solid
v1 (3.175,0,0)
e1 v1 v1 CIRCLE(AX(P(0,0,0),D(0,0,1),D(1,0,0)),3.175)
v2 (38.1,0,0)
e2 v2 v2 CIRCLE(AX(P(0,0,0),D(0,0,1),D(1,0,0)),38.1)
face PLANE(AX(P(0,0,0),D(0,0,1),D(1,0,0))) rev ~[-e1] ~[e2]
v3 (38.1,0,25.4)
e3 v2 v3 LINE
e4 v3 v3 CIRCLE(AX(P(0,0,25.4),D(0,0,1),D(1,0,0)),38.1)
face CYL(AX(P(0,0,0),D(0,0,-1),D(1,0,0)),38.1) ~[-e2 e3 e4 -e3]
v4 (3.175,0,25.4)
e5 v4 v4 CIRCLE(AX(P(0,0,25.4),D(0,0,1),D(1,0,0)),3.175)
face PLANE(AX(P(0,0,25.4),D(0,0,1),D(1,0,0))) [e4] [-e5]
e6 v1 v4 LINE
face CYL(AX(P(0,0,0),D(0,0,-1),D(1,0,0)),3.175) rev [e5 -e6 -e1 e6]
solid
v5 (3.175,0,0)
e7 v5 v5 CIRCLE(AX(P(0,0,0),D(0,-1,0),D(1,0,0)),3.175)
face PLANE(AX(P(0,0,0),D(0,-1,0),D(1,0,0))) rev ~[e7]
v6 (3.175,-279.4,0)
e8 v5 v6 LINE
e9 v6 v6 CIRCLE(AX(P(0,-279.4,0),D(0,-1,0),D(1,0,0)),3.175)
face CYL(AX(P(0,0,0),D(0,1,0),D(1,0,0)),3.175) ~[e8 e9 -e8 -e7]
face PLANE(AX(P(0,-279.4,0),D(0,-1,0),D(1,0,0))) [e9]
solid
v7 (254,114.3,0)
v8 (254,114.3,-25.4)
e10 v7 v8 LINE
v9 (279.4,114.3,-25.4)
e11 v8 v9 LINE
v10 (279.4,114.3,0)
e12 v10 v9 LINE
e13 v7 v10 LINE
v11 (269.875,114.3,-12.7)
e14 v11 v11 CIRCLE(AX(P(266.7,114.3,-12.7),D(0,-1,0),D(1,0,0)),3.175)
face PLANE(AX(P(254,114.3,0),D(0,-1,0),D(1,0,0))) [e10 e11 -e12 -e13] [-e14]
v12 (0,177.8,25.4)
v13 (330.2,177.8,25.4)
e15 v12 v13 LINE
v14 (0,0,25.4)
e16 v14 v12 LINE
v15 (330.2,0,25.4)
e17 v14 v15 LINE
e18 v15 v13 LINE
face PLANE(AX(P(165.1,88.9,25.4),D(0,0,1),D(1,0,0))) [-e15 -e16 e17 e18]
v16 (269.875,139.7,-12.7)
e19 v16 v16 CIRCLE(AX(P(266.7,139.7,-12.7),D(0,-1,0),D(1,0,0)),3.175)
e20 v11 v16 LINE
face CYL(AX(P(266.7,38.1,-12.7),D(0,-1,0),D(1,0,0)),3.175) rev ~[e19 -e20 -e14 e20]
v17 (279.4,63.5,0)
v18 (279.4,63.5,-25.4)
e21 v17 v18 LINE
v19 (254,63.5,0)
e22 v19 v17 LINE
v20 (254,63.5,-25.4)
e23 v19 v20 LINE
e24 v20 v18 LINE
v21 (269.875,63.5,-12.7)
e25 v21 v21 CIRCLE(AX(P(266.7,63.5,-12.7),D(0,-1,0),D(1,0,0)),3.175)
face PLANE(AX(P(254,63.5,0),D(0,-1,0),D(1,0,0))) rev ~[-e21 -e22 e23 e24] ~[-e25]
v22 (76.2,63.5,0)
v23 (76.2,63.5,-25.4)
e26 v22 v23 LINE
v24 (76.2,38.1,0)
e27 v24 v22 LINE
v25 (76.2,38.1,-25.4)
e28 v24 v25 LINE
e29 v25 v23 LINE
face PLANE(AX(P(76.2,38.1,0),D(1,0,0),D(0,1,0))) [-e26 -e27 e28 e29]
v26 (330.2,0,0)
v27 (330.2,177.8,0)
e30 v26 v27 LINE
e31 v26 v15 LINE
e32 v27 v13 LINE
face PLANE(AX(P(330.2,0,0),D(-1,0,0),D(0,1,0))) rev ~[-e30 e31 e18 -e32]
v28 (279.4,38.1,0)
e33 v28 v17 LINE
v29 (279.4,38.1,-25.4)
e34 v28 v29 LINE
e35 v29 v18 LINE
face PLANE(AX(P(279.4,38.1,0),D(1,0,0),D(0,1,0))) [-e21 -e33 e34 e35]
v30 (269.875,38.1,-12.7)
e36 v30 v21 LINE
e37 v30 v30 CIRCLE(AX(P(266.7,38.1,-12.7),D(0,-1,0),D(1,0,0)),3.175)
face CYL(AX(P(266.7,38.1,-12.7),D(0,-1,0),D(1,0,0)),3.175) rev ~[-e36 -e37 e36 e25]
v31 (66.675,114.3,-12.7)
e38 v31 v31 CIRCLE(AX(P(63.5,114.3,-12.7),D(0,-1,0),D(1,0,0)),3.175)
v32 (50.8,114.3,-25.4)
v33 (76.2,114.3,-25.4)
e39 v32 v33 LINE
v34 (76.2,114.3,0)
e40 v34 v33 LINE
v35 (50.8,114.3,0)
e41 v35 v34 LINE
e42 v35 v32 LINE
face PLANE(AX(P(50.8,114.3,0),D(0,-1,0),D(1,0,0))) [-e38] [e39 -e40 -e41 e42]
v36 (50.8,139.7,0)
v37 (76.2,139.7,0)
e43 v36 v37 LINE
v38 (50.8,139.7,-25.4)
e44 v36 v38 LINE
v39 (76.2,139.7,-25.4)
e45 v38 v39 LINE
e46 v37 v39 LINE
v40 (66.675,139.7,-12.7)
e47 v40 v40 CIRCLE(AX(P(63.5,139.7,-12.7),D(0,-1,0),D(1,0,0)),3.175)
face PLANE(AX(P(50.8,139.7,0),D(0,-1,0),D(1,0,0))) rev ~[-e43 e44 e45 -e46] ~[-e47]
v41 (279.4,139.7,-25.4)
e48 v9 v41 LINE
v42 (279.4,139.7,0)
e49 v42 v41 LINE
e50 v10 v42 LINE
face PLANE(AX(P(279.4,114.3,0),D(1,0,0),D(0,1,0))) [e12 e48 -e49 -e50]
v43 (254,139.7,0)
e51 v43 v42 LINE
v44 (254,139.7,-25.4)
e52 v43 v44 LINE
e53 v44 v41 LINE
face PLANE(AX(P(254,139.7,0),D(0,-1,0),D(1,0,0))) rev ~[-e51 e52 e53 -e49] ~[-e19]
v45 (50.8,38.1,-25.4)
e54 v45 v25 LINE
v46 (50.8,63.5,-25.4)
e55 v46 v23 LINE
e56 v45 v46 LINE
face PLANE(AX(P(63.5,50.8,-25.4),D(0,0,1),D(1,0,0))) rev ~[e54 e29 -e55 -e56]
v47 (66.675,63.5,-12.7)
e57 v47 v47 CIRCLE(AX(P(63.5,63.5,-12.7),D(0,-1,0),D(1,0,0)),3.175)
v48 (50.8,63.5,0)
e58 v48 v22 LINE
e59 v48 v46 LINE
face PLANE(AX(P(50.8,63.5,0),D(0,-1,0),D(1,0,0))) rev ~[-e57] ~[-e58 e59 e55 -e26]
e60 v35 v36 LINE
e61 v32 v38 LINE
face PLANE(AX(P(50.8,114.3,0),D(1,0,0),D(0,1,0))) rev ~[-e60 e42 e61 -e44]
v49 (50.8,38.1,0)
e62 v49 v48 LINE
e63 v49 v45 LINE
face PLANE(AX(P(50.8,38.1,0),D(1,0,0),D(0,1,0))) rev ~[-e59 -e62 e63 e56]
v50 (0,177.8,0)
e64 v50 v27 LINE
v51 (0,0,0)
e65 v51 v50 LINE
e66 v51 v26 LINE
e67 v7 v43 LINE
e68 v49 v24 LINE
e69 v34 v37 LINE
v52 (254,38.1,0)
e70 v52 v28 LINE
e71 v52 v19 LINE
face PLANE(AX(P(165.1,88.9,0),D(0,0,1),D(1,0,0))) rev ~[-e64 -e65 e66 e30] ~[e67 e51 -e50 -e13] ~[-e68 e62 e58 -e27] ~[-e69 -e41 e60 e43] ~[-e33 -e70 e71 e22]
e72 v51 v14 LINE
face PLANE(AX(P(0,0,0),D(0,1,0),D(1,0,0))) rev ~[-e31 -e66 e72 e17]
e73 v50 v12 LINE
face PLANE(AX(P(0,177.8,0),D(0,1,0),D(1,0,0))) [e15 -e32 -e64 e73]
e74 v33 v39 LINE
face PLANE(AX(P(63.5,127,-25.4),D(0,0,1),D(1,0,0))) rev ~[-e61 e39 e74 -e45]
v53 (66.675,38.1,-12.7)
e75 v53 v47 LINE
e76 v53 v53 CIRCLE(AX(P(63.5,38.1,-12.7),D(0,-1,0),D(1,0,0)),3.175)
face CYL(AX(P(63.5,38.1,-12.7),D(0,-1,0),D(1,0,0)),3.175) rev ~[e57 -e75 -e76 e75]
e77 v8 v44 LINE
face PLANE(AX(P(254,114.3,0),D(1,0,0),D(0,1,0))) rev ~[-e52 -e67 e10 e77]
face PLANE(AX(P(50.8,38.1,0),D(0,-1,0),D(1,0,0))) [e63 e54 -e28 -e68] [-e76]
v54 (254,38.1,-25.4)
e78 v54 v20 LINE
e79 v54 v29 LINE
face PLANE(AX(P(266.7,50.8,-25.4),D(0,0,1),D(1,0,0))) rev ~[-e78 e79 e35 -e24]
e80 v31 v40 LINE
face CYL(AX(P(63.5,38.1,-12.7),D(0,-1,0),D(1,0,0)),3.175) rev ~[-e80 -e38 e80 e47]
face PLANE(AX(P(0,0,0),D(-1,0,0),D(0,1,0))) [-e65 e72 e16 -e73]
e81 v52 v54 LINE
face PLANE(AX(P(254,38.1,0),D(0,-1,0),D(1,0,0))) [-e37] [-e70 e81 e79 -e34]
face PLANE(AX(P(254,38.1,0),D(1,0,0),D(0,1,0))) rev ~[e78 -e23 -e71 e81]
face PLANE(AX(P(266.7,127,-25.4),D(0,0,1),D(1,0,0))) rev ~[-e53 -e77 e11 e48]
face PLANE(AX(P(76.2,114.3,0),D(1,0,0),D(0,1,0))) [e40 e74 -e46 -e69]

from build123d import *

# Parameters (mm, degrees)
F0_W     = 330.2
F0_H     = 177.8
F1_DEPTH = 25.4
F2_R     = 38.1
F2_R_2   = 3.175
F3_DEPTH = 25.4
F4_R     = 3.175
F5_DEPTH = 279.4
F6_W     = 25.4
F6_H     = 25.4
F7_DEPTH = 25.4
F8_R     = 3.175
F9_DEPTH = 139.701


with BuildPart() as f1:
    # F0 (on Top) → F1 (new body)
    with BuildSketch(Plane.XY):
        with Locations((165.1, 88.9)):
            Rectangle(F0_W, F0_H)
    extrude(amount=F1_DEPTH)

    # F6 (on Top) → F7 (join)
    with BuildSketch(Plane.XY):
        with Locations((63.5, 50.8)):
            Rectangle(F6_W, F6_H)
        with Locations((63.5, 127)):
            Rectangle(F6_W, F6_H)
        with Locations((266.7, 127)):
            Rectangle(F6_W, F6_H)
        with Locations((266.7, 50.8)):
            Rectangle(F6_W, F6_H)
    extrude(amount=-F7_DEPTH)

    # F8 (on face) → F9 (cut, through all)
    with BuildSketch(Plane.XZ.offset(-38.1)):
        with Locations((63.5, -12.7)):
            Circle(F8_R)
        with Locations((266.7, -12.7)):
            Circle(F8_R)
    extrude(amount=-F9_DEPTH, mode=Mode.SUBTRACT)


with BuildPart() as f3:
    # F2 (on Top) → F3 (new body)
    with BuildSketch(Plane.XY):
        Circle(F2_R)
        Circle(F2_R_2, mode=Mode.SUBTRACT)
    extrude(amount=F3_DEPTH)


with BuildPart() as f5:
    # F4 (on Front) → F5 (new body)
    with BuildSketch(Plane.XZ):
        Circle(F4_R)
    extrude(amount=F5_DEPTH)


solid = Compound([f1.part, f3.part, f5.part])
